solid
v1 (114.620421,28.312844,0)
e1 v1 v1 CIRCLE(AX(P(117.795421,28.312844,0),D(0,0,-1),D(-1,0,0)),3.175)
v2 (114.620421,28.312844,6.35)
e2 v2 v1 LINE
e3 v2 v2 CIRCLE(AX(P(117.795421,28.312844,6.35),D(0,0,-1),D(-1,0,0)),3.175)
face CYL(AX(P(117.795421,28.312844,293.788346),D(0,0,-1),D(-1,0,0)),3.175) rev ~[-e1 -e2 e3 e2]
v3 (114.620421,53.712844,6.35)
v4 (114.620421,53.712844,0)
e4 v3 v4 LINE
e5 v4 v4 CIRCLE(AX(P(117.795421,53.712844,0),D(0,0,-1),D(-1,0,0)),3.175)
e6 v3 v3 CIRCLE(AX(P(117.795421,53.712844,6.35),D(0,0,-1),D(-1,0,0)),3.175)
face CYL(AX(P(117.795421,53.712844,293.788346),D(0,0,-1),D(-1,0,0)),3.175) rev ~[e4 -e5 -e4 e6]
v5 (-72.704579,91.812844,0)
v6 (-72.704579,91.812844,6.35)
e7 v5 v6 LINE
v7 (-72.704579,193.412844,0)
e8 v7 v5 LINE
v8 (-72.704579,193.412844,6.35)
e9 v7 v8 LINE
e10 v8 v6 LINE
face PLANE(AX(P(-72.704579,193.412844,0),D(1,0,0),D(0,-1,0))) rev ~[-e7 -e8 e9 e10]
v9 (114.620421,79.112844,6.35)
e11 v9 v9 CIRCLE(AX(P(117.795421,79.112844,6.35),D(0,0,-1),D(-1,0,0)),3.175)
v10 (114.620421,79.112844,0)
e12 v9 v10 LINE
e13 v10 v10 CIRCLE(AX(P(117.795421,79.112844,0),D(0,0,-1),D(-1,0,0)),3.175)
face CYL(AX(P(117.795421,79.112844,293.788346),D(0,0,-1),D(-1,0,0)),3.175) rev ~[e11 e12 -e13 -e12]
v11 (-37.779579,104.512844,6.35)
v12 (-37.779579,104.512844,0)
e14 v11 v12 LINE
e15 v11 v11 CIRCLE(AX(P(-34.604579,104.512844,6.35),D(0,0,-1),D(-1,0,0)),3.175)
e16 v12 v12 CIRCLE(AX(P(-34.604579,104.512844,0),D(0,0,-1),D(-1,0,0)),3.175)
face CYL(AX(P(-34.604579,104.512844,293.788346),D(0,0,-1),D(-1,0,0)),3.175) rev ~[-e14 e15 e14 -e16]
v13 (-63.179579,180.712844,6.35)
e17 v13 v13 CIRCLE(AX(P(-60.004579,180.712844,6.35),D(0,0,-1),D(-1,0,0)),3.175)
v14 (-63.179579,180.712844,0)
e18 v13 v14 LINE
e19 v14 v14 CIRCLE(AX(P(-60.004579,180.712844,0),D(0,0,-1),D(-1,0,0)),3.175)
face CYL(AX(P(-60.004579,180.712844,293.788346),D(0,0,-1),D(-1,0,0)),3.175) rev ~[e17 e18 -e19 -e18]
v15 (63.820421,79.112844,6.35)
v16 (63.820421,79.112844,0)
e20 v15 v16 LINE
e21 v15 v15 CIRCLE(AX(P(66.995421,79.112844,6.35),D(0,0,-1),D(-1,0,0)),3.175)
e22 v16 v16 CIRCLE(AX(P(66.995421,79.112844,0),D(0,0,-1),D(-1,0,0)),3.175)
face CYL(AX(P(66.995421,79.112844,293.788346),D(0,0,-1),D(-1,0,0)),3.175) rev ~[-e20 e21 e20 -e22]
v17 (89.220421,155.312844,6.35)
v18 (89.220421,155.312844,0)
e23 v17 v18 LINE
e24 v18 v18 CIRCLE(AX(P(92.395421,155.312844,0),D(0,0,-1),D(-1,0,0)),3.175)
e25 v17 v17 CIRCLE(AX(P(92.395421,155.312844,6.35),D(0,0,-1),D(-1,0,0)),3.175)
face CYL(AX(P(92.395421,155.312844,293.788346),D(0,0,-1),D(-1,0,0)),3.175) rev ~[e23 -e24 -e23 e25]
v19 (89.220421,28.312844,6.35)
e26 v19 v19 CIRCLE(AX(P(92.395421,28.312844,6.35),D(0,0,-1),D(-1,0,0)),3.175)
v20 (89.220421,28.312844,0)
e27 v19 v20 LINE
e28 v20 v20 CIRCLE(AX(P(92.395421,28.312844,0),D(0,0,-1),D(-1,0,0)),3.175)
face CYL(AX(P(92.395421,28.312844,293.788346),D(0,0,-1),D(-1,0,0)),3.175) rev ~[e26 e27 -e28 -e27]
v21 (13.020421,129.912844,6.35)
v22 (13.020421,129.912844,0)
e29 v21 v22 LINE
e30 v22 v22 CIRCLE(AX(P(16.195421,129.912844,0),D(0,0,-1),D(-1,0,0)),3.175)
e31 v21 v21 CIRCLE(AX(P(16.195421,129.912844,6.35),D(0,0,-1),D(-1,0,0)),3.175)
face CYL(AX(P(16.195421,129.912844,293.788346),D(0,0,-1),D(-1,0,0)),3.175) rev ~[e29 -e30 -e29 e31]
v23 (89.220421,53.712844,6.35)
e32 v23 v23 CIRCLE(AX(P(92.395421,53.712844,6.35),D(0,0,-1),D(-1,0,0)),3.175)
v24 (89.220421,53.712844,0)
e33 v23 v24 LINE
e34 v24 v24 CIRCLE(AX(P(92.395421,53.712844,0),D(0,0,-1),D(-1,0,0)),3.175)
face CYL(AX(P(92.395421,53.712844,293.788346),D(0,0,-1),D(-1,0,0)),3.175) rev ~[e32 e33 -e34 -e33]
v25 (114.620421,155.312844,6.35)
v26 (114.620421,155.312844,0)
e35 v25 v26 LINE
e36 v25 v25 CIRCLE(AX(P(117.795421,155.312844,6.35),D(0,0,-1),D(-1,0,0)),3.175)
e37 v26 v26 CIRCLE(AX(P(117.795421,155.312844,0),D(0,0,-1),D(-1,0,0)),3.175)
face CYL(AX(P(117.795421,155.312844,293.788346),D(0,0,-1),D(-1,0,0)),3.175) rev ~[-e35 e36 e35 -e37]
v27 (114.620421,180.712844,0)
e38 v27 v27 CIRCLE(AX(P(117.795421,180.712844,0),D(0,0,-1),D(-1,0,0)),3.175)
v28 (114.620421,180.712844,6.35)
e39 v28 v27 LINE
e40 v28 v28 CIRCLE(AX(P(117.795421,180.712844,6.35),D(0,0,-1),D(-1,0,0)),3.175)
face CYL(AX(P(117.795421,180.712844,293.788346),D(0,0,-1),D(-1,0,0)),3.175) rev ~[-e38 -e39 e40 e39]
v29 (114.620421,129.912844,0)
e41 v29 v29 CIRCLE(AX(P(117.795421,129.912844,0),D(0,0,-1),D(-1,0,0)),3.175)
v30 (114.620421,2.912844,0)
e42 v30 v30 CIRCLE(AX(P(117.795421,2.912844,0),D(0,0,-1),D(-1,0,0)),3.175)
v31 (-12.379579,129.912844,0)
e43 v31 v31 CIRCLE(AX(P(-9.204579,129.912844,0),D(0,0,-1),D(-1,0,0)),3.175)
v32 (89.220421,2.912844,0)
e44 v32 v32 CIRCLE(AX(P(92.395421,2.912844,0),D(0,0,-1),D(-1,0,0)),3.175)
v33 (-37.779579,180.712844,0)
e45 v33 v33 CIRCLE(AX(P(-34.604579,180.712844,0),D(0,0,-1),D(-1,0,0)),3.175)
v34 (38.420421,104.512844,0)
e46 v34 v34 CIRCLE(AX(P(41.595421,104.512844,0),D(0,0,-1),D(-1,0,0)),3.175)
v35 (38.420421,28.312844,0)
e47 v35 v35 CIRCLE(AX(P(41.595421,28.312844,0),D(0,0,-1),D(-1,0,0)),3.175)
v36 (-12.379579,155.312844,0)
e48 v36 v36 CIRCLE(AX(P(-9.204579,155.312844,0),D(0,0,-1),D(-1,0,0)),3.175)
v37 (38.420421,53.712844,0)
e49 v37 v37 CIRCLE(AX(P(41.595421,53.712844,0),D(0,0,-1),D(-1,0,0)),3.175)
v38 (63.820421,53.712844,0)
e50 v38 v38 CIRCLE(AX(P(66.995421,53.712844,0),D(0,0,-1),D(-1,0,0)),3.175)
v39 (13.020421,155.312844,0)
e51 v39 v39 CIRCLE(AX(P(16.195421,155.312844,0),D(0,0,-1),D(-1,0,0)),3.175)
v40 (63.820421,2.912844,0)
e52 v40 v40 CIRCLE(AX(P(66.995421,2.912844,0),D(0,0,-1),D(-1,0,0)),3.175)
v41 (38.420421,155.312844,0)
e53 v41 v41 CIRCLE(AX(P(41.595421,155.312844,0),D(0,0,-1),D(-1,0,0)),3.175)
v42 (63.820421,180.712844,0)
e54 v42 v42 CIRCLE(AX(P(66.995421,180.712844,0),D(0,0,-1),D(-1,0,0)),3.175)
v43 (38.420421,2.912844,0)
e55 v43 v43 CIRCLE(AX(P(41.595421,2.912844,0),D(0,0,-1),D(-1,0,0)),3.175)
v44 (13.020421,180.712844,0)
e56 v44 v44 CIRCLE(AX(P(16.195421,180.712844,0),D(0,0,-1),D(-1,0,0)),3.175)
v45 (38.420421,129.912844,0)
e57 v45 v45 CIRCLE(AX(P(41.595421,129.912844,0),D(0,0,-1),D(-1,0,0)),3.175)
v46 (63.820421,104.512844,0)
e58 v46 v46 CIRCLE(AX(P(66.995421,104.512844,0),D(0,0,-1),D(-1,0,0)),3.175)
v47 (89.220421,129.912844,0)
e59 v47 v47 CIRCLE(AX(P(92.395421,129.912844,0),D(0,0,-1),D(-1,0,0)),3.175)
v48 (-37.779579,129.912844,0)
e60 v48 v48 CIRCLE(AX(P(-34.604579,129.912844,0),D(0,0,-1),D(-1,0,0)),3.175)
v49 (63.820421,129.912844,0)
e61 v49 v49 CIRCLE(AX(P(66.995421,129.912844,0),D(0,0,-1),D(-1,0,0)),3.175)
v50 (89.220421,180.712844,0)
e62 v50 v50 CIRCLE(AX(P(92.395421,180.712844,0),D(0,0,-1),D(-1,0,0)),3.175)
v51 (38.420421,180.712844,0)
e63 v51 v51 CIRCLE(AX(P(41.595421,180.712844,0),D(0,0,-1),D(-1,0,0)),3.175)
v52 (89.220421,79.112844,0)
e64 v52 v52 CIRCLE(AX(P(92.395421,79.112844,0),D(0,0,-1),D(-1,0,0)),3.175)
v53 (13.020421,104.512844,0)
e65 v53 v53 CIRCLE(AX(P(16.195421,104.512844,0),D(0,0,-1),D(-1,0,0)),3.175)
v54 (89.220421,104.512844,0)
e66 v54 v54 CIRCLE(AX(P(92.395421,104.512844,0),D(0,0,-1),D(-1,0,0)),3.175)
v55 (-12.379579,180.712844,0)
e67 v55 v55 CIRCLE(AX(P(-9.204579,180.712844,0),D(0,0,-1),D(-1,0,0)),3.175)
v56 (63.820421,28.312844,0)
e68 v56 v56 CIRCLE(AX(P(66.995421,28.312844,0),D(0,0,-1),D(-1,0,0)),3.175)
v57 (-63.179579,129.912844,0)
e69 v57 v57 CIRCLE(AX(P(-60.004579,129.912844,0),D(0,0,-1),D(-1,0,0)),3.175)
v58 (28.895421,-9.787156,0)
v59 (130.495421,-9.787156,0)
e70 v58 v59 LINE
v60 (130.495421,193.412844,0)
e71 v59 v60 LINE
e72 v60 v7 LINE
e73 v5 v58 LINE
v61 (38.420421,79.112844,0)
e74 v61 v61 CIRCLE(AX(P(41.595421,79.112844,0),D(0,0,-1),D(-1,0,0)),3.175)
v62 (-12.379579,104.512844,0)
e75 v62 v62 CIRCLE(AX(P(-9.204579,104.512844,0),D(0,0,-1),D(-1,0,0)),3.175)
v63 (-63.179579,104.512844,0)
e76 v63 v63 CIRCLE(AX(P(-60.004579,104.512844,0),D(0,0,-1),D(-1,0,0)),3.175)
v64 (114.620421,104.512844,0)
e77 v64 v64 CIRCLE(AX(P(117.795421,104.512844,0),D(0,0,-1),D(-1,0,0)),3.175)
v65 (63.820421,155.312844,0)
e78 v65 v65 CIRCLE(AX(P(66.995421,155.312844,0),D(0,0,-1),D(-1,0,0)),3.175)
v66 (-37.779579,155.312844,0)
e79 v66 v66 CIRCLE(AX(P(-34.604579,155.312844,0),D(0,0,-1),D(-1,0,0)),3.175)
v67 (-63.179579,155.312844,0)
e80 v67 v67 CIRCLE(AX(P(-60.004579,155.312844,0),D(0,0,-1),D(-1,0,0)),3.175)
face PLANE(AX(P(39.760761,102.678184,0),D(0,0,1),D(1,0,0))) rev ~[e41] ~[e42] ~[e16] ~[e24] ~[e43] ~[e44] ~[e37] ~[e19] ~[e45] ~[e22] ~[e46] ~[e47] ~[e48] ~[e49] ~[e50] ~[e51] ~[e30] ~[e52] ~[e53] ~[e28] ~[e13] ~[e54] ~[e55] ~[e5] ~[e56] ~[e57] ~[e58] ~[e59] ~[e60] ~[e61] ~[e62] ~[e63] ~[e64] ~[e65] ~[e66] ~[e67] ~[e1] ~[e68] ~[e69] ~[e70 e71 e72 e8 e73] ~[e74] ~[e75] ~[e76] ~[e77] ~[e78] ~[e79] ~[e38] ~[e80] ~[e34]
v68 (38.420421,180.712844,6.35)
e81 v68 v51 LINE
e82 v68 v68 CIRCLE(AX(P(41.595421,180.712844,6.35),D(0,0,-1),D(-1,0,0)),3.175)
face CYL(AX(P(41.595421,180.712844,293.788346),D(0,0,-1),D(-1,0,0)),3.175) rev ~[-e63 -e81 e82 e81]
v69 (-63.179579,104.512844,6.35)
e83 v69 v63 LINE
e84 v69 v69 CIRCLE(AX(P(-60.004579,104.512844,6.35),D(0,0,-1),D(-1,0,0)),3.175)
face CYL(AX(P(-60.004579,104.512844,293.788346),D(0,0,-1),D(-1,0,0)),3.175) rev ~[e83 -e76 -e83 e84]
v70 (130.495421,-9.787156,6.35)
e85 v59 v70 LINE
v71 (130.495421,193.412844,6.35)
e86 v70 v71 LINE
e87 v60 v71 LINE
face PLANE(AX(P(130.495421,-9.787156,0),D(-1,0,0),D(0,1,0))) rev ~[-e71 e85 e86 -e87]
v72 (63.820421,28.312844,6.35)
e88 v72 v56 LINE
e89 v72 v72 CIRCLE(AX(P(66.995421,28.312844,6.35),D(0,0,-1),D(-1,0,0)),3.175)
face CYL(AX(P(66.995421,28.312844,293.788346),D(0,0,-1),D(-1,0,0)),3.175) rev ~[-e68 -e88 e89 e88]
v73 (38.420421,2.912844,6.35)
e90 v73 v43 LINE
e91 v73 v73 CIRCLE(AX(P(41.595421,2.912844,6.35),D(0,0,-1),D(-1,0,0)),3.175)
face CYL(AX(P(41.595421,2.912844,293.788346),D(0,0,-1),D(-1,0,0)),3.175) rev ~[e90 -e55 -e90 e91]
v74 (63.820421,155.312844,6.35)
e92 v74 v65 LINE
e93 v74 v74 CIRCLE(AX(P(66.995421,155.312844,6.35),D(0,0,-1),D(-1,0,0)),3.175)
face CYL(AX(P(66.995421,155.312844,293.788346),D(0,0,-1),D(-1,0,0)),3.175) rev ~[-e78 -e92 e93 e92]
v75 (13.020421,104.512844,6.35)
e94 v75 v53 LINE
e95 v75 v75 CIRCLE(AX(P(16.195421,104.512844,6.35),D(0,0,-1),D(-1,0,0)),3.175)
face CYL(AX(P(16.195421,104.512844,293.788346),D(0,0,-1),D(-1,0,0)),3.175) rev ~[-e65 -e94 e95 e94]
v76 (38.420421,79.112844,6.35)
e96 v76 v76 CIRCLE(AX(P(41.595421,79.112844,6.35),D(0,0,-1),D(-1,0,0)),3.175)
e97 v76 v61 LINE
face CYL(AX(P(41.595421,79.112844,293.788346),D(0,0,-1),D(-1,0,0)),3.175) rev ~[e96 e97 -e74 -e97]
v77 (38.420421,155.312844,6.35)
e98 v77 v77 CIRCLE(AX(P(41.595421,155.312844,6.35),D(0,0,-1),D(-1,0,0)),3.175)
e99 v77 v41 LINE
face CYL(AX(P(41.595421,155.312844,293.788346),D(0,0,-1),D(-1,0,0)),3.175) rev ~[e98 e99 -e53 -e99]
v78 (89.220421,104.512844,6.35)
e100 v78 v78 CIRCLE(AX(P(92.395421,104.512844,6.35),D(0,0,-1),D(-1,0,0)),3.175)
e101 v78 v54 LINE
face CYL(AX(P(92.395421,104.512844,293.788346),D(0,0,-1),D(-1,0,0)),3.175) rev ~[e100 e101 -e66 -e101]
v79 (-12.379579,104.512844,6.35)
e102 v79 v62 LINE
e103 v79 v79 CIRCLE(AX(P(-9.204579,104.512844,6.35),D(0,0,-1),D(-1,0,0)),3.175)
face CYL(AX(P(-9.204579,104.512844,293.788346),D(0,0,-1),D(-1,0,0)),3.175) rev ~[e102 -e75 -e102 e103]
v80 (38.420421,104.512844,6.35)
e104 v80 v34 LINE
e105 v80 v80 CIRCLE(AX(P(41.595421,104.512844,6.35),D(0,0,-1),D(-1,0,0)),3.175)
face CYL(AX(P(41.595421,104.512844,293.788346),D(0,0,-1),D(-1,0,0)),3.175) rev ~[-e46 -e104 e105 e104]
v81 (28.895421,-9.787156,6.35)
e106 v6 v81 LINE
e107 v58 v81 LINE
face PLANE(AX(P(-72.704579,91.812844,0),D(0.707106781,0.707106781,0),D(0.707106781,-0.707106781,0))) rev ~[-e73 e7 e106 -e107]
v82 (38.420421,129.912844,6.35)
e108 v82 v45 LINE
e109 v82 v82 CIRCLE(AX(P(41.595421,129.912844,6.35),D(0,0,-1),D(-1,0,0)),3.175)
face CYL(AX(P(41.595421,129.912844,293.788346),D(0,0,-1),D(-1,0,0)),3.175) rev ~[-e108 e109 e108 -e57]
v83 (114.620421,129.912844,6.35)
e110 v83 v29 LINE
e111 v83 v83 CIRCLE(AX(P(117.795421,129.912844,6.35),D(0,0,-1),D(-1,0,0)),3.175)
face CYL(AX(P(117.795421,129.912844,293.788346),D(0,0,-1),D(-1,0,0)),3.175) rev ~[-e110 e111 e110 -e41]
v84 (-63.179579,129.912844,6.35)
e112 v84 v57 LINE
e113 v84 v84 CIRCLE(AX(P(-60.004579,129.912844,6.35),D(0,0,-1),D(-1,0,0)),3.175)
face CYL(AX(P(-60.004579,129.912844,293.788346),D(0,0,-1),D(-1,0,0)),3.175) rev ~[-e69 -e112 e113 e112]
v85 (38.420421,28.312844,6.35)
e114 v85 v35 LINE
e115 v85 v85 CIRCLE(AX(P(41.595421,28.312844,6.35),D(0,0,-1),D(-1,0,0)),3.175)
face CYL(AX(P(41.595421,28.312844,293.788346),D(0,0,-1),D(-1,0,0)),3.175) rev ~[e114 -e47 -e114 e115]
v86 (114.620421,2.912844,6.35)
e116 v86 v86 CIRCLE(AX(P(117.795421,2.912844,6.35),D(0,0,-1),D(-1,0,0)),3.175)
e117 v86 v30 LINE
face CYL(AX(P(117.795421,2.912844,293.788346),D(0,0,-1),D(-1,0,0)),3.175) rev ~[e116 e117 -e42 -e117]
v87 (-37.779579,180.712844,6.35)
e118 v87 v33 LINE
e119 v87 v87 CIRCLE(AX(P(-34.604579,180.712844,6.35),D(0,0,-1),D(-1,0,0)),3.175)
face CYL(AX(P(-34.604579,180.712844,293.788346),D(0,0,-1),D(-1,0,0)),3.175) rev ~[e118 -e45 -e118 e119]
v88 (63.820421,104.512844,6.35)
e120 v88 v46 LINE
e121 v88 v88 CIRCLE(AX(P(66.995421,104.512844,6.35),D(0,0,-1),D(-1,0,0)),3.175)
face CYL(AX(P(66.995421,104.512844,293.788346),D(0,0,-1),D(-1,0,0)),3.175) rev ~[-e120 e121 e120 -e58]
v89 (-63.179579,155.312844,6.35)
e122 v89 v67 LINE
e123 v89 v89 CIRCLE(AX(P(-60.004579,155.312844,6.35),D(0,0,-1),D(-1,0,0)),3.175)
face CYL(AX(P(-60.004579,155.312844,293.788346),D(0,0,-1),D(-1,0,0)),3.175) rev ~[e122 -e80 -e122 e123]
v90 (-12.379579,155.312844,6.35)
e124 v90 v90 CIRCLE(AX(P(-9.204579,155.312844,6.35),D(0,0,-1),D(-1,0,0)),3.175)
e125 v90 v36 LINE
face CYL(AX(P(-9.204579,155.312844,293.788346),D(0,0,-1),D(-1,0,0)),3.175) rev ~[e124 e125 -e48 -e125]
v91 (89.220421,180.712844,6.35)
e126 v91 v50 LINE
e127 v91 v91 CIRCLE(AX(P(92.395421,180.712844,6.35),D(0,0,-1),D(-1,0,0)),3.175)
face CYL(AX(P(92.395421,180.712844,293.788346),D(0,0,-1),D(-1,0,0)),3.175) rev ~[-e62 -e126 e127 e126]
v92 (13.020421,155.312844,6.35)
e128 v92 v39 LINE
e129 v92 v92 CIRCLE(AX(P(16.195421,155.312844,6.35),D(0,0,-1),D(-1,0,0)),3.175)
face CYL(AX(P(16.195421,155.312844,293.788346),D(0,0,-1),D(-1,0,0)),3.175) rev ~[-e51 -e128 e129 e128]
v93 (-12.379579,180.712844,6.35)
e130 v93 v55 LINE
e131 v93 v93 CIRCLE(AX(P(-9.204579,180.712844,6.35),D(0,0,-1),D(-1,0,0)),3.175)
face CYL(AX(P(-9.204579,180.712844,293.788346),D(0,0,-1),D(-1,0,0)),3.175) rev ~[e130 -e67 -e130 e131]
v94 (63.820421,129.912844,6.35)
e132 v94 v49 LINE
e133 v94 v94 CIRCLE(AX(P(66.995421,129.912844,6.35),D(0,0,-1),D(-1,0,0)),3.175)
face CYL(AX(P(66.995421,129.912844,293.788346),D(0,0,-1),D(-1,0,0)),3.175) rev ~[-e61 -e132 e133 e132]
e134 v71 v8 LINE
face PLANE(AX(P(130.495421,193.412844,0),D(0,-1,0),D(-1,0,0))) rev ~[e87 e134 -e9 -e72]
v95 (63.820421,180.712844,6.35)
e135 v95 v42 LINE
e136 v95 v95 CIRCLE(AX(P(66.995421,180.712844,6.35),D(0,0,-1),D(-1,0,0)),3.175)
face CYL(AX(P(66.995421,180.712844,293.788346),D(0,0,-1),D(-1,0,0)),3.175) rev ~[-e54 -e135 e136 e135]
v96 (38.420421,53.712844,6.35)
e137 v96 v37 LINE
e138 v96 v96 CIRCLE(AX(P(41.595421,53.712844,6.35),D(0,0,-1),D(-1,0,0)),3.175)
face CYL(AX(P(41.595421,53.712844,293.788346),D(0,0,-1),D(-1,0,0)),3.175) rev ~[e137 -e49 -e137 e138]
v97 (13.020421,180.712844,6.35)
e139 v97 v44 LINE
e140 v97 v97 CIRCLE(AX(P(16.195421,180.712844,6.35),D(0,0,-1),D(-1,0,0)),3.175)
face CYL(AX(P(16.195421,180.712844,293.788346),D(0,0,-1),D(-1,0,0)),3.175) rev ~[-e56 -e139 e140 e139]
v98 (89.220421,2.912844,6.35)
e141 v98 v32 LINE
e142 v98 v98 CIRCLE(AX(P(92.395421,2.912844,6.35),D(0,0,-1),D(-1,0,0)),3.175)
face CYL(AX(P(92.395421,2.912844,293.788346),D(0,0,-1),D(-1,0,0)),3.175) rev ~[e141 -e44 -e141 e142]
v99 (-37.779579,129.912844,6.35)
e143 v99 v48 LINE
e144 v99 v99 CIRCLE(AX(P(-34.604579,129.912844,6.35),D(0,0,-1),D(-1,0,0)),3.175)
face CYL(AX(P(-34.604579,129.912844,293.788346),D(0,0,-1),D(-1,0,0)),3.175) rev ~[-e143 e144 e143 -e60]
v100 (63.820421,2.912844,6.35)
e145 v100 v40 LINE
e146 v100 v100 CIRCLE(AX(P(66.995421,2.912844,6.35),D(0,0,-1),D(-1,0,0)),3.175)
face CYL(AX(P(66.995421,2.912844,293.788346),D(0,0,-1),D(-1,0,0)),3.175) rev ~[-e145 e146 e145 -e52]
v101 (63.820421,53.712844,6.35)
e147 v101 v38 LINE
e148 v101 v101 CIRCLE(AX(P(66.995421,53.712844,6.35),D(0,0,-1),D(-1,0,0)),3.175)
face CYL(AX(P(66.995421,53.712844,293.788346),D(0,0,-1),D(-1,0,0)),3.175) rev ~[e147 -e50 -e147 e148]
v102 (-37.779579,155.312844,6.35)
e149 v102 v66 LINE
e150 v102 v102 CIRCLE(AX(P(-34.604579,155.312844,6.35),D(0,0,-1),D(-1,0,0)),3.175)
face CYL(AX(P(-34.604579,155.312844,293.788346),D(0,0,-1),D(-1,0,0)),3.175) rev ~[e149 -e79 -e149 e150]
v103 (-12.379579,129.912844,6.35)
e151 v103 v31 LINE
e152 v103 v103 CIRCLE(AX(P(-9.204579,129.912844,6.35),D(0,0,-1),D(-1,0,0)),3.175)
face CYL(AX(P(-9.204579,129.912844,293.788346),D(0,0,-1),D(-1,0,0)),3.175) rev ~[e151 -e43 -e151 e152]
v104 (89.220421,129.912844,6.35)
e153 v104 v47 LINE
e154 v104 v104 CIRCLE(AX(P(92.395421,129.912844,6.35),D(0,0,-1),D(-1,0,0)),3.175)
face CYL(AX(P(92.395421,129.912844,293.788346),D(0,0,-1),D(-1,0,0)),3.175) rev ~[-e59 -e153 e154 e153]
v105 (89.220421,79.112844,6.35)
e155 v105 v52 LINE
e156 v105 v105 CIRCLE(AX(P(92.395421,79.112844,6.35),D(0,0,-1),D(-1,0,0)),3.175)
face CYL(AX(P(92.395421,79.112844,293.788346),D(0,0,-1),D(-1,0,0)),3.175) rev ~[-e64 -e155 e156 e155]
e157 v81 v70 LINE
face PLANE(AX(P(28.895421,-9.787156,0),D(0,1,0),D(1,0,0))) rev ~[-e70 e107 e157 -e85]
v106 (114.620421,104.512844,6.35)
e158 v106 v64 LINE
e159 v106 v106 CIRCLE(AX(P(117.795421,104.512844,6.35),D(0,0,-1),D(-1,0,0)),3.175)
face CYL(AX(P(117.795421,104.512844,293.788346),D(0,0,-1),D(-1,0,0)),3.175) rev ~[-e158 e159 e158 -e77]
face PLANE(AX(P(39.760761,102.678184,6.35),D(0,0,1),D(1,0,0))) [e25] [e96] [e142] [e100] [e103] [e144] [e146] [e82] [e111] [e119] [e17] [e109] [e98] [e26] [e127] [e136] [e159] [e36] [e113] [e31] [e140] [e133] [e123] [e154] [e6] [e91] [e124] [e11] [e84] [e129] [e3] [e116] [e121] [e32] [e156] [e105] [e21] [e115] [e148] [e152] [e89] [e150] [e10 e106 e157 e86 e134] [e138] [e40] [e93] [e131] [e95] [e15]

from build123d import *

# Parameters (mm, degrees)
EXTRUSION1_DEPTH = 6.35
HOLE1_D          = 6.35


with BuildPart() as part:
    # Sketch1 → Extrusion1 (new body)
    with BuildSketch(Plane.XY):
        Polygon((-72.704579377, 193.412844037), (-72.704579377, 91.812844037), (28.895420623, -9.787155963), (130.495420623, -9.787155963), (130.495420623, 193.412844037), align=None)
    extrude(amount=EXTRUSION1_DEPTH)

    # Hole1 (through all)
    with Locations(Plane.XY.offset(6.35)):
        with Locations((-60.004579377, 180.712844037), (-34.604579377, 180.712844037), (-60.004579377, 155.312844037), (-34.604579377, 155.312844037), (-60.004579377, 129.912844037), (-34.604579377, 129.912844037), (-60.004579377, 104.512844037), (-34.604579377, 104.512844037), (117.795420623, 79.112844037), (117.795420623, 53.712844037), (92.395420623, 79.112844037), (92.395420623, 53.712844037), (-9.204579377, 180.712844037), (-9.204579377, 155.312844037), (-9.204579377, 129.912844037), (-9.204579377, 104.512844037), (16.195420623, 180.712844037), (16.195420623, 155.312844037), (16.195420623, 129.912844037), (16.195420623, 104.512844037), (41.595420623, 180.712844037), (41.595420623, 155.312844037), (41.595420623, 129.912844037), (41.595420623, 104.512844037), (66.995420623, 180.712844037), (66.995420623, 155.312844037), (66.995420623, 129.912844037), (66.995420623, 104.512844037), (92.395420623, 180.712844037), (92.395420623, 155.312844037), (92.395420623, 129.912844037), (92.395420623, 104.512844037), (117.795420623, 180.712844037), (117.795420623, 155.312844037), (117.795420623, 129.912844037), (117.795420623, 104.512844037), (117.795420623, 28.312844037), (92.395420623, 28.312844037), (117.795420623, 2.912844037), (92.395420623, 2.912844037), (66.995420623, 79.112844037), (66.995420623, 53.712844037), (66.995420623, 28.312844037), (66.995420623, 2.912844037), (41.595420623, 79.112844037), (41.595420623, 53.712844037), (41.595420623, 28.312844037), (41.595420623, 2.912844037)):
            Hole(HOLE1_D / 2)


solid = part.part
